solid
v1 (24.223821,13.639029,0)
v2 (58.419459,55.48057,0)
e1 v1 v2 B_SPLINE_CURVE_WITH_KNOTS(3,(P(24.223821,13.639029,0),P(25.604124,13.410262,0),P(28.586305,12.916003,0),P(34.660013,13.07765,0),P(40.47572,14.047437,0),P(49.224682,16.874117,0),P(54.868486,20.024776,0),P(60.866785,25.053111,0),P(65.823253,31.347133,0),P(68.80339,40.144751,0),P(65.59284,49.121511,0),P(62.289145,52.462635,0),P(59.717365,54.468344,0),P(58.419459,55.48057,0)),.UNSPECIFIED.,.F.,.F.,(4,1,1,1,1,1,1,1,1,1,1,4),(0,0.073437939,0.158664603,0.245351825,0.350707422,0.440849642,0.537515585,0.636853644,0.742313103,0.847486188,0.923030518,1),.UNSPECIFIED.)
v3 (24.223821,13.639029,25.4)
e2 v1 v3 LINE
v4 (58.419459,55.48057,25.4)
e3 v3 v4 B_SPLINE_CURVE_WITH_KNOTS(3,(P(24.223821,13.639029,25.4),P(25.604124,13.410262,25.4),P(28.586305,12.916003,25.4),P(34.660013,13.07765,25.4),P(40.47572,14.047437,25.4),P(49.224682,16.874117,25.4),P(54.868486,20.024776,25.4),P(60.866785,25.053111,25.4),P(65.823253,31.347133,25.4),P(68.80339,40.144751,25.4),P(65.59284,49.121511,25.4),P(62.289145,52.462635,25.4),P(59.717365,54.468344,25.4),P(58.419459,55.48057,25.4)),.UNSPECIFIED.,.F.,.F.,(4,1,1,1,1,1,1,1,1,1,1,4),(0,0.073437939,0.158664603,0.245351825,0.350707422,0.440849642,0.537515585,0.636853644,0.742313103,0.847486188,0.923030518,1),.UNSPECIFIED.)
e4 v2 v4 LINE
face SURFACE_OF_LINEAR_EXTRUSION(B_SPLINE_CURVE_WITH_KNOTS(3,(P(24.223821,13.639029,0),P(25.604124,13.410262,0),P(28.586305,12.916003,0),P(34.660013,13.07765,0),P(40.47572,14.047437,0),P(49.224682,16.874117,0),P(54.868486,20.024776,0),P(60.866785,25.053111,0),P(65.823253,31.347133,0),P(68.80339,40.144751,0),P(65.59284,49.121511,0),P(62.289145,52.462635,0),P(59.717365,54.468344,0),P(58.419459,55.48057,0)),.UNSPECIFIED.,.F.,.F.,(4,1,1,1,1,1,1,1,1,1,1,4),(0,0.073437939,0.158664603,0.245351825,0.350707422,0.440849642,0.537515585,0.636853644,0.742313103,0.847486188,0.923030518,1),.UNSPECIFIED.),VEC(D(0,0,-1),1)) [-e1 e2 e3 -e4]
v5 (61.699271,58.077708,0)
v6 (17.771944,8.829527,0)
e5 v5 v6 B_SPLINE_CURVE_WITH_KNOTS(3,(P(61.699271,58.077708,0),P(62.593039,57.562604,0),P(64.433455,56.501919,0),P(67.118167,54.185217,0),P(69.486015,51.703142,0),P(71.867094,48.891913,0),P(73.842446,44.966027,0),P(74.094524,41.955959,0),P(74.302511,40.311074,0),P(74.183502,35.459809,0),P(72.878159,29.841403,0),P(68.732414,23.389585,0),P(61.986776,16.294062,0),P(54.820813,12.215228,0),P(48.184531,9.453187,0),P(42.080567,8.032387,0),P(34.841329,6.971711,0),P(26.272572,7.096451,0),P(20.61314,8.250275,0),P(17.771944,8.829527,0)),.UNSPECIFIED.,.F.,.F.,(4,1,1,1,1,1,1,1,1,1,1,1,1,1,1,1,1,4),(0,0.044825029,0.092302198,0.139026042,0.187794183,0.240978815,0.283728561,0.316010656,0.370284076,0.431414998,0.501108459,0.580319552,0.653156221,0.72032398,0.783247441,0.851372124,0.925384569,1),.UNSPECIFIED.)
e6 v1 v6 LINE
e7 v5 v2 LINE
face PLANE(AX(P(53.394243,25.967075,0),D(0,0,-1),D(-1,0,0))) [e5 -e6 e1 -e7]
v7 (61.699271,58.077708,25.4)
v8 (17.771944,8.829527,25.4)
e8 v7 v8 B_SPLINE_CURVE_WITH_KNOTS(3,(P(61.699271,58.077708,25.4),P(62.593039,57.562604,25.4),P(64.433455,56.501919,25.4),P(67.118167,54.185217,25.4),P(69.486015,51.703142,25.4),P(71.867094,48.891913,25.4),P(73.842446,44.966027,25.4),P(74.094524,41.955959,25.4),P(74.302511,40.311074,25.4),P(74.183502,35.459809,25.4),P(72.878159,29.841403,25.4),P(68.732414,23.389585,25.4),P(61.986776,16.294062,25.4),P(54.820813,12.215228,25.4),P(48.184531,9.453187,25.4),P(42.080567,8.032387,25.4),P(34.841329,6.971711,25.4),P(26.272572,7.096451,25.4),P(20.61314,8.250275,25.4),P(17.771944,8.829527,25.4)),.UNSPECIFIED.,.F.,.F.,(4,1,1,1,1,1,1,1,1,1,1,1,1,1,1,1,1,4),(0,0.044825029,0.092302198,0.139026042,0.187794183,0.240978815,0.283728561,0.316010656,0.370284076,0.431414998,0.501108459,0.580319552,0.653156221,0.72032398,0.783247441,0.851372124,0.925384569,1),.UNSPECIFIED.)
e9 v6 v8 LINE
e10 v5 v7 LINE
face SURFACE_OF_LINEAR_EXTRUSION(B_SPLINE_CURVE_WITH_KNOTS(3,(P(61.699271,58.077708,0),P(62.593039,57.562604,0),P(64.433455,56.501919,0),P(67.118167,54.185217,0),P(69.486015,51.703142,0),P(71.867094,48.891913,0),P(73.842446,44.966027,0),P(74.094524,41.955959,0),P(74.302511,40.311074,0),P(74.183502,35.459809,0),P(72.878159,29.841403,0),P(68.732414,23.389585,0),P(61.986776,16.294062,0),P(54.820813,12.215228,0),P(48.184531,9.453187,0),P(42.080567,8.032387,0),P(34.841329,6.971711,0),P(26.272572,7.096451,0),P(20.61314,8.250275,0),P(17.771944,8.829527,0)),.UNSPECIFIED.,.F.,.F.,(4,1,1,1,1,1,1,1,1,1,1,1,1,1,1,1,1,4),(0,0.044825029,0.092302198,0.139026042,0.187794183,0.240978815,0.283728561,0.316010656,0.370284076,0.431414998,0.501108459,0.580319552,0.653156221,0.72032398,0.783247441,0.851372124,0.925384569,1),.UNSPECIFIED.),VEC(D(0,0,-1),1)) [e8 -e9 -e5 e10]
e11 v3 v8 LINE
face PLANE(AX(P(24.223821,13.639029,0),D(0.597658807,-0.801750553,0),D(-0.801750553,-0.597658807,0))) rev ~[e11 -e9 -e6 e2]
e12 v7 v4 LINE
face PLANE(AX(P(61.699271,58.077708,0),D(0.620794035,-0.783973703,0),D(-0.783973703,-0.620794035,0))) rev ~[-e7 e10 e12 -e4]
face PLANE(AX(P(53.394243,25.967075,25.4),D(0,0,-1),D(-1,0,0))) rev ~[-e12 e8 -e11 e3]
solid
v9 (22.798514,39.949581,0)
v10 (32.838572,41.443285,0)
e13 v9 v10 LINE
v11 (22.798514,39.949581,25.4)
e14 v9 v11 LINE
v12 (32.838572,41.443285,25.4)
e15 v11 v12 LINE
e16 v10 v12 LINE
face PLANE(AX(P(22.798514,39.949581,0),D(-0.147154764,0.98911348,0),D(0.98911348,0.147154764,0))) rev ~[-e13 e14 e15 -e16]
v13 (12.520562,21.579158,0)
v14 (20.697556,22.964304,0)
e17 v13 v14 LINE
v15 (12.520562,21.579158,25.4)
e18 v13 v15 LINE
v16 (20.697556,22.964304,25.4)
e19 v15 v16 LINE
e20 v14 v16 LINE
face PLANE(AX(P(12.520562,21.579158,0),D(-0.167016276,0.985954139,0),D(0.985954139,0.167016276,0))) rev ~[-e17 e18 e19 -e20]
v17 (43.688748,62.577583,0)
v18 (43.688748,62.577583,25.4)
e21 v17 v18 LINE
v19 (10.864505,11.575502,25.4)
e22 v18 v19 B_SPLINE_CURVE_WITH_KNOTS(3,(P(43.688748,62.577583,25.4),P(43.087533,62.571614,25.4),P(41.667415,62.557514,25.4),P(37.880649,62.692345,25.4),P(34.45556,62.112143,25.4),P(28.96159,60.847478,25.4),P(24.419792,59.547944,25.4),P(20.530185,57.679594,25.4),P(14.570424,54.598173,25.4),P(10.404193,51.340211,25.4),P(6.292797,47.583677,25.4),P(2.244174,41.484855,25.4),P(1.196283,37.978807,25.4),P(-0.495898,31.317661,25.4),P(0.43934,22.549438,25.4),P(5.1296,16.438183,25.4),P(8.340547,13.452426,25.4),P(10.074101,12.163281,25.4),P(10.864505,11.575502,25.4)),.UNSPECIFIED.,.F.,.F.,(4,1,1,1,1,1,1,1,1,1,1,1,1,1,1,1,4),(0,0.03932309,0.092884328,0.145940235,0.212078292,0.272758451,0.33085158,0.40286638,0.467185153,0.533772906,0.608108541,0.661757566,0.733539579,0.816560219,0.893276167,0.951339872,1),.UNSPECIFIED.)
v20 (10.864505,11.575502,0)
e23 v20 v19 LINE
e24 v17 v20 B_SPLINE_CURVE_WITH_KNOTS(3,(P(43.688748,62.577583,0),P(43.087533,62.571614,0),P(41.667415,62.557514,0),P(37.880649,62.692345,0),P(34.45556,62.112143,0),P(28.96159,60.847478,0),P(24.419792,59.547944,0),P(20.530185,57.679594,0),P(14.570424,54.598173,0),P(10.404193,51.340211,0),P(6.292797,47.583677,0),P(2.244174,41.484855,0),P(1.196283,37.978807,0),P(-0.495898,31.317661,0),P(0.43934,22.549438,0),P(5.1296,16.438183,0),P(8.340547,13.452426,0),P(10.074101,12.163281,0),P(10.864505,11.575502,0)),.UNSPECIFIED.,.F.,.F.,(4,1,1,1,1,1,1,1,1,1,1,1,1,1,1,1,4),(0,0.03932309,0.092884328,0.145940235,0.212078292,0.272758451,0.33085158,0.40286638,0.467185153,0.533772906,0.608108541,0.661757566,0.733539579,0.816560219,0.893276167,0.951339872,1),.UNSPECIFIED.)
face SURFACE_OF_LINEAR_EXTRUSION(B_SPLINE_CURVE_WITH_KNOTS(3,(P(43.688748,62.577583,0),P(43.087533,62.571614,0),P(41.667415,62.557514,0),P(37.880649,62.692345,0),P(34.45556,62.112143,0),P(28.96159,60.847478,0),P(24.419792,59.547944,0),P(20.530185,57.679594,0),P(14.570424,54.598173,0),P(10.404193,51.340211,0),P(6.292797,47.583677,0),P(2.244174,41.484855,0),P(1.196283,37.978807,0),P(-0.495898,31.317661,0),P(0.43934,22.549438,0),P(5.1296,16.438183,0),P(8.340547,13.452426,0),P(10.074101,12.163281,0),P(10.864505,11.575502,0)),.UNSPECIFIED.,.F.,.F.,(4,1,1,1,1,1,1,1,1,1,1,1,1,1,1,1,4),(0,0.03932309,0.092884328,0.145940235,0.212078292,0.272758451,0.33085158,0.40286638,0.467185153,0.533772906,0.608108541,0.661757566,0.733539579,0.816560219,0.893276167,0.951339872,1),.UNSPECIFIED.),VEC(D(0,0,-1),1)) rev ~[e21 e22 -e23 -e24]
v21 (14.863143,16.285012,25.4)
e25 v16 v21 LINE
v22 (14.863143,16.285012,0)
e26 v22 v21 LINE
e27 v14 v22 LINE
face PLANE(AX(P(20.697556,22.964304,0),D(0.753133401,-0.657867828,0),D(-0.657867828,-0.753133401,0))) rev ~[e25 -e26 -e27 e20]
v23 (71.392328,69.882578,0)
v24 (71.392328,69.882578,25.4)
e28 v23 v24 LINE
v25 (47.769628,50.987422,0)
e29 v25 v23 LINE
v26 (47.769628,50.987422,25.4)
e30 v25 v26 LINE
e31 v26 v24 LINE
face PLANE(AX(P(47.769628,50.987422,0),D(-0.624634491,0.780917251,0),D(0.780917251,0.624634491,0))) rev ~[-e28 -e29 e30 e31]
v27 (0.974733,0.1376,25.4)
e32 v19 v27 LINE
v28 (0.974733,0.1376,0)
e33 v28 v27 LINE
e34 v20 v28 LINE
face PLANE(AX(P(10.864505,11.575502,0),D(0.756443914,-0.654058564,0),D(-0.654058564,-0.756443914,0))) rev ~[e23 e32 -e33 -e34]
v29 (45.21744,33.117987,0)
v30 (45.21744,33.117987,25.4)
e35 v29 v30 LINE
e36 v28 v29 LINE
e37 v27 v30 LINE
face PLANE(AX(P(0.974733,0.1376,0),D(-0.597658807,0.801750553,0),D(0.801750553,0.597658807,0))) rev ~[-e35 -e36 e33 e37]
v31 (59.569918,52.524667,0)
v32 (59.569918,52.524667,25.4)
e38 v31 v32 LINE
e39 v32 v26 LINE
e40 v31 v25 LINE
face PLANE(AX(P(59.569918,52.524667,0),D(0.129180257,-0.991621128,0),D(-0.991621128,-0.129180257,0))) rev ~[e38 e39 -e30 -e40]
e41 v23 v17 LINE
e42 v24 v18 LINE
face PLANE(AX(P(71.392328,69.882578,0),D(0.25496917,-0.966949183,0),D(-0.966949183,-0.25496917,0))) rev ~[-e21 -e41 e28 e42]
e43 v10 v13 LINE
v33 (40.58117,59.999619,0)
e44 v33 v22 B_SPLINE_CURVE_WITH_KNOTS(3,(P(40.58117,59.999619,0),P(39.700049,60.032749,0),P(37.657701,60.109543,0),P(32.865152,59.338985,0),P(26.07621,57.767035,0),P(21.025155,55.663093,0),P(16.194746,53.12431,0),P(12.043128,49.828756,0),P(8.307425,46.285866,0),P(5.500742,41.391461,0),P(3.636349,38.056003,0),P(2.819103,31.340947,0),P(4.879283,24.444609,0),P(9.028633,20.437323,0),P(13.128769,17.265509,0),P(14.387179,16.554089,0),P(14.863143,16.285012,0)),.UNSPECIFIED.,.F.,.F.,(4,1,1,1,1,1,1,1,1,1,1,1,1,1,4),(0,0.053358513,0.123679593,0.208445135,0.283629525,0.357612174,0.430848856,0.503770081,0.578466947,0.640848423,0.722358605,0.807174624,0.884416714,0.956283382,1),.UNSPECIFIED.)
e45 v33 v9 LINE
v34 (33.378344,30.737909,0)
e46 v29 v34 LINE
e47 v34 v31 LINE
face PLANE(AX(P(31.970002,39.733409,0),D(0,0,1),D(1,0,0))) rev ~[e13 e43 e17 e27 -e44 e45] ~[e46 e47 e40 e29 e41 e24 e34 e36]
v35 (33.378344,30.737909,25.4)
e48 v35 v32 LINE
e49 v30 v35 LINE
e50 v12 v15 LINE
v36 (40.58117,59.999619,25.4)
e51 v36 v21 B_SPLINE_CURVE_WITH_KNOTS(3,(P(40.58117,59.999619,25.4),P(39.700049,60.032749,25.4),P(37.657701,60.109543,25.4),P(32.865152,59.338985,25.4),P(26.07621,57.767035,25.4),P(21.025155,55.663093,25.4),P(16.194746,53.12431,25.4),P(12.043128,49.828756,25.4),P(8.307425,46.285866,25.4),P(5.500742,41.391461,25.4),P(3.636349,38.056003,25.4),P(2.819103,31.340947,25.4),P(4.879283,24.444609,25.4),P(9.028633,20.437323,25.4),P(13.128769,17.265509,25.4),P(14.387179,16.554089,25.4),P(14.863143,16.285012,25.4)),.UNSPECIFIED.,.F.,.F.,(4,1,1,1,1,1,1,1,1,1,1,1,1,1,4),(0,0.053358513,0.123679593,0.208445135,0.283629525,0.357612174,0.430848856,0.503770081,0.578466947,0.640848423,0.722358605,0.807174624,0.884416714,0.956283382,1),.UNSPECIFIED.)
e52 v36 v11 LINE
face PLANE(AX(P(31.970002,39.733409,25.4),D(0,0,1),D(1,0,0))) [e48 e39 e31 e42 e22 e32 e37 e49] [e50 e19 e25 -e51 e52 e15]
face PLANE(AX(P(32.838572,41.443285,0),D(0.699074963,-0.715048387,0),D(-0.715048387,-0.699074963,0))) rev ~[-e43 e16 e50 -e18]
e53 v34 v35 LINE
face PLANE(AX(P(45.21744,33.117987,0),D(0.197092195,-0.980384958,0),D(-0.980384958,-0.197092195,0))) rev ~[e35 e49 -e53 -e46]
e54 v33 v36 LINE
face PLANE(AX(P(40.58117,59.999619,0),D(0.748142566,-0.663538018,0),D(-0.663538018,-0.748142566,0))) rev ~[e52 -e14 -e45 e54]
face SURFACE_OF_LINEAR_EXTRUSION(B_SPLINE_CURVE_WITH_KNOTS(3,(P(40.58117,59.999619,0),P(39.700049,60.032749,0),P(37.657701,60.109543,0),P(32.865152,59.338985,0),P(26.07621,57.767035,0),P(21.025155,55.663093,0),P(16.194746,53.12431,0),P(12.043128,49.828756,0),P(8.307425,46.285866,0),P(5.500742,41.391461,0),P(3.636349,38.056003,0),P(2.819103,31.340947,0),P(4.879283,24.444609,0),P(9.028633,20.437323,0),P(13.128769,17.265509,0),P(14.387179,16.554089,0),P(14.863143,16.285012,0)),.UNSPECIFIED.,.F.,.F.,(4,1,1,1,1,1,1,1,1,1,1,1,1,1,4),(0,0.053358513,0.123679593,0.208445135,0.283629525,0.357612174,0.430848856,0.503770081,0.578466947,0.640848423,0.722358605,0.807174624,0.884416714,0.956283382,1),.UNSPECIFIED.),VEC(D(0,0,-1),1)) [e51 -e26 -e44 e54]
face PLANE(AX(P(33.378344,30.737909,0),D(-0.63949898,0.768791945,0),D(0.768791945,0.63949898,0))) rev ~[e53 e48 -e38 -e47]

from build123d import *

# Parameters (mm, degrees)
F1_DEPTH = 25.4


with BuildPart() as f1:
    # F0 (on Top) → F1 (new body)
    with BuildSketch(Plane.XY):
        with BuildLine():
            Line((10.864504613, 11.5755023435), (0.9747328586, 0.1376004948))
            Line((0.9747328586, 0.1376004948), (45.2174395323, 33.1179872155))
            Line((45.2174395323, 33.1179872155), (33.3783440292, 30.7379085571))
            Line((33.3783440292, 30.7379085571), (59.5699176192, 52.5246672332))
            Line((59.5699176192, 52.5246672332), (47.7696284652, 50.9874224663))
            Line((47.7696284652, 50.9874224663), (71.3923275471, 69.8825776063))
            Line((71.3923275471, 69.8825776063), (43.6887480319, 62.5775828958))
            add(Edge.make_bspline(
                [(43.6887480319, 62.5775828958), (43.0875332361, 62.5716137492), (41.6674151482, 62.5575141411), (37.8806486678, 62.6923448895), (34.455560295, 62.1121427041), (28.961590419, 60.8474777004), (24.419791878, 59.5479441663), (20.5301854243, 57.6795941779), (14.5704239426, 54.5981730751), (10.404192828, 51.3402114328), (6.2927973584, 47.5836774711), (2.2441737221, 41.4848547215), (1.1962828762, 37.9788065394), (-0.4958978716, 31.3176605607), (0.4393403, 22.5494377943), (5.1296002393, 16.4381826749), (8.340547051, 13.4524260424), (10.0741006536, 12.163280817), (10.864504613, 11.5755023435)],
                knots=[0, 0, 0, 0, 0.0393230905, 0.0928843277, 0.1459402353, 0.2120782925, 0.2727584507, 0.3308515796, 0.40286638, 0.4671851532, 0.533772906, 0.608108541, 0.6617575665, 0.7335395787, 0.8165602186, 0.8932761667, 0.9513398719, 1, 1, 1, 1], degree=3))
        make_face()
        with BuildLine():
            add(Edge.make_bspline(
                [(40.5811704695, 59.9996186793), (39.7000493726, 60.0327494149), (37.6577005231, 60.1095430816), (32.8651519299, 59.3389845452), (26.0762103078, 57.7670354296), (21.0251547063, 55.6630928601), (16.1947457049, 53.1243098386), (12.0431276447, 49.8287557563), (8.3074245716, 46.2858663723), (5.5007421926, 41.3914608993), (3.6363485416, 38.0560025966), (2.819103453, 31.3409472628), (4.8792832307, 24.4446089467), (9.0286332959, 20.437323293), (13.1287691762, 17.2655090434), (14.3871791985, 16.5540891382), (14.8631427437, 16.2850115448)],
                knots=[0, 0, 0, 0, 0.0533585134, 0.1236795927, 0.2084451349, 0.2836295249, 0.3576121735, 0.4308488556, 0.5037700814, 0.5784669466, 0.6408484233, 0.7223586051, 0.8071746244, 0.8844167139, 0.9562833817, 1, 1, 1, 1], degree=3))
            Line((40.5811704695, 59.9996186793), (22.7985139936, 39.949581027))
            Line((22.7985139936, 39.949581027), (32.8385718167, 41.443284601))
            Line((32.8385718167, 41.443284601), (12.5205619261, 21.5791575611))
            Line((12.5205619261, 21.5791575611), (20.6975564361, 22.9643043131))
            Line((20.6975564361, 22.9643043131), (14.8631427437, 16.2850115448))
        make_face(mode=Mode.SUBTRACT)
    extrude(amount=F1_DEPTH)


with BuildPart() as f1b:
    # F0 (on Top) → F1, piece 2 (new body)
    with BuildSketch(Plane.XY):
        with BuildLine():
            add(Edge.make_bspline(
                [(61.6992712021, 58.0777078867), (62.593038694, 57.5626037534), (64.4334547811, 56.5019185729), (67.1181674725, 54.1852174022), (69.4860152713, 51.7031416052), (71.8670943599, 48.8919132882), (73.8424457561, 44.9660267371), (74.0945241162, 41.9559591978), (74.3025107047, 40.3110744307), (74.1835021904, 35.4598092693), (72.8781589633, 29.8414033709), (68.7324142248, 23.3895852718), (61.9867761915, 16.2940624552), (54.8208131198, 12.2152282865), (48.1845307282, 9.453187083), (42.0805668666, 8.0323865069), (34.8413293096, 6.9717114456), (26.2725720905, 7.0964514371), (20.6131400772, 8.2502745001), (17.7719438774, 8.8295265688)],
                knots=[0, 0, 0, 0, 0.0448250287, 0.092302198, 0.1390260415, 0.1877941832, 0.2409788153, 0.2837285607, 0.3160106559, 0.3702840764, 0.4314149985, 0.501108459, 0.5803195518, 0.6531562215, 0.7203239803, 0.783247441, 0.851372124, 0.9253845694, 1, 1, 1, 1], degree=3))
            Line((61.6992712021, 58.0777078867), (58.4194585681, 55.4805696011))
            add(Edge.make_bspline(
                [(24.2238212377, 13.6390291154), (25.6041241564, 13.4102615014), (28.5863049853, 12.9160030428), (34.6600126671, 13.0776498931), (40.4757201435, 14.047436597), (49.2246815262, 16.8741168707), (54.8684855773, 20.0247759074), (60.8667850553, 25.0531114094), (65.8232529015, 31.3471325111), (68.8033901799, 40.1447513845), (65.5928400903, 49.1215106568), (62.2891450989, 52.4626345366), (59.7173646751, 54.4683438511), (58.4194585681, 55.4805696011)],
                knots=[0, 0, 0, 0, 0.0734379394, 0.1586646033, 0.2453518248, 0.3507074217, 0.4408496419, 0.5375155853, 0.636853644, 0.7423131031, 0.8474861883, 0.9230305178, 1, 1, 1, 1], degree=3))
            Line((24.2238212377, 13.6390291154), (17.7719438774, 8.8295265688))
        make_face()
    extrude(amount=F1_DEPTH)


solid = Compound([f1.part, f1b.part])
